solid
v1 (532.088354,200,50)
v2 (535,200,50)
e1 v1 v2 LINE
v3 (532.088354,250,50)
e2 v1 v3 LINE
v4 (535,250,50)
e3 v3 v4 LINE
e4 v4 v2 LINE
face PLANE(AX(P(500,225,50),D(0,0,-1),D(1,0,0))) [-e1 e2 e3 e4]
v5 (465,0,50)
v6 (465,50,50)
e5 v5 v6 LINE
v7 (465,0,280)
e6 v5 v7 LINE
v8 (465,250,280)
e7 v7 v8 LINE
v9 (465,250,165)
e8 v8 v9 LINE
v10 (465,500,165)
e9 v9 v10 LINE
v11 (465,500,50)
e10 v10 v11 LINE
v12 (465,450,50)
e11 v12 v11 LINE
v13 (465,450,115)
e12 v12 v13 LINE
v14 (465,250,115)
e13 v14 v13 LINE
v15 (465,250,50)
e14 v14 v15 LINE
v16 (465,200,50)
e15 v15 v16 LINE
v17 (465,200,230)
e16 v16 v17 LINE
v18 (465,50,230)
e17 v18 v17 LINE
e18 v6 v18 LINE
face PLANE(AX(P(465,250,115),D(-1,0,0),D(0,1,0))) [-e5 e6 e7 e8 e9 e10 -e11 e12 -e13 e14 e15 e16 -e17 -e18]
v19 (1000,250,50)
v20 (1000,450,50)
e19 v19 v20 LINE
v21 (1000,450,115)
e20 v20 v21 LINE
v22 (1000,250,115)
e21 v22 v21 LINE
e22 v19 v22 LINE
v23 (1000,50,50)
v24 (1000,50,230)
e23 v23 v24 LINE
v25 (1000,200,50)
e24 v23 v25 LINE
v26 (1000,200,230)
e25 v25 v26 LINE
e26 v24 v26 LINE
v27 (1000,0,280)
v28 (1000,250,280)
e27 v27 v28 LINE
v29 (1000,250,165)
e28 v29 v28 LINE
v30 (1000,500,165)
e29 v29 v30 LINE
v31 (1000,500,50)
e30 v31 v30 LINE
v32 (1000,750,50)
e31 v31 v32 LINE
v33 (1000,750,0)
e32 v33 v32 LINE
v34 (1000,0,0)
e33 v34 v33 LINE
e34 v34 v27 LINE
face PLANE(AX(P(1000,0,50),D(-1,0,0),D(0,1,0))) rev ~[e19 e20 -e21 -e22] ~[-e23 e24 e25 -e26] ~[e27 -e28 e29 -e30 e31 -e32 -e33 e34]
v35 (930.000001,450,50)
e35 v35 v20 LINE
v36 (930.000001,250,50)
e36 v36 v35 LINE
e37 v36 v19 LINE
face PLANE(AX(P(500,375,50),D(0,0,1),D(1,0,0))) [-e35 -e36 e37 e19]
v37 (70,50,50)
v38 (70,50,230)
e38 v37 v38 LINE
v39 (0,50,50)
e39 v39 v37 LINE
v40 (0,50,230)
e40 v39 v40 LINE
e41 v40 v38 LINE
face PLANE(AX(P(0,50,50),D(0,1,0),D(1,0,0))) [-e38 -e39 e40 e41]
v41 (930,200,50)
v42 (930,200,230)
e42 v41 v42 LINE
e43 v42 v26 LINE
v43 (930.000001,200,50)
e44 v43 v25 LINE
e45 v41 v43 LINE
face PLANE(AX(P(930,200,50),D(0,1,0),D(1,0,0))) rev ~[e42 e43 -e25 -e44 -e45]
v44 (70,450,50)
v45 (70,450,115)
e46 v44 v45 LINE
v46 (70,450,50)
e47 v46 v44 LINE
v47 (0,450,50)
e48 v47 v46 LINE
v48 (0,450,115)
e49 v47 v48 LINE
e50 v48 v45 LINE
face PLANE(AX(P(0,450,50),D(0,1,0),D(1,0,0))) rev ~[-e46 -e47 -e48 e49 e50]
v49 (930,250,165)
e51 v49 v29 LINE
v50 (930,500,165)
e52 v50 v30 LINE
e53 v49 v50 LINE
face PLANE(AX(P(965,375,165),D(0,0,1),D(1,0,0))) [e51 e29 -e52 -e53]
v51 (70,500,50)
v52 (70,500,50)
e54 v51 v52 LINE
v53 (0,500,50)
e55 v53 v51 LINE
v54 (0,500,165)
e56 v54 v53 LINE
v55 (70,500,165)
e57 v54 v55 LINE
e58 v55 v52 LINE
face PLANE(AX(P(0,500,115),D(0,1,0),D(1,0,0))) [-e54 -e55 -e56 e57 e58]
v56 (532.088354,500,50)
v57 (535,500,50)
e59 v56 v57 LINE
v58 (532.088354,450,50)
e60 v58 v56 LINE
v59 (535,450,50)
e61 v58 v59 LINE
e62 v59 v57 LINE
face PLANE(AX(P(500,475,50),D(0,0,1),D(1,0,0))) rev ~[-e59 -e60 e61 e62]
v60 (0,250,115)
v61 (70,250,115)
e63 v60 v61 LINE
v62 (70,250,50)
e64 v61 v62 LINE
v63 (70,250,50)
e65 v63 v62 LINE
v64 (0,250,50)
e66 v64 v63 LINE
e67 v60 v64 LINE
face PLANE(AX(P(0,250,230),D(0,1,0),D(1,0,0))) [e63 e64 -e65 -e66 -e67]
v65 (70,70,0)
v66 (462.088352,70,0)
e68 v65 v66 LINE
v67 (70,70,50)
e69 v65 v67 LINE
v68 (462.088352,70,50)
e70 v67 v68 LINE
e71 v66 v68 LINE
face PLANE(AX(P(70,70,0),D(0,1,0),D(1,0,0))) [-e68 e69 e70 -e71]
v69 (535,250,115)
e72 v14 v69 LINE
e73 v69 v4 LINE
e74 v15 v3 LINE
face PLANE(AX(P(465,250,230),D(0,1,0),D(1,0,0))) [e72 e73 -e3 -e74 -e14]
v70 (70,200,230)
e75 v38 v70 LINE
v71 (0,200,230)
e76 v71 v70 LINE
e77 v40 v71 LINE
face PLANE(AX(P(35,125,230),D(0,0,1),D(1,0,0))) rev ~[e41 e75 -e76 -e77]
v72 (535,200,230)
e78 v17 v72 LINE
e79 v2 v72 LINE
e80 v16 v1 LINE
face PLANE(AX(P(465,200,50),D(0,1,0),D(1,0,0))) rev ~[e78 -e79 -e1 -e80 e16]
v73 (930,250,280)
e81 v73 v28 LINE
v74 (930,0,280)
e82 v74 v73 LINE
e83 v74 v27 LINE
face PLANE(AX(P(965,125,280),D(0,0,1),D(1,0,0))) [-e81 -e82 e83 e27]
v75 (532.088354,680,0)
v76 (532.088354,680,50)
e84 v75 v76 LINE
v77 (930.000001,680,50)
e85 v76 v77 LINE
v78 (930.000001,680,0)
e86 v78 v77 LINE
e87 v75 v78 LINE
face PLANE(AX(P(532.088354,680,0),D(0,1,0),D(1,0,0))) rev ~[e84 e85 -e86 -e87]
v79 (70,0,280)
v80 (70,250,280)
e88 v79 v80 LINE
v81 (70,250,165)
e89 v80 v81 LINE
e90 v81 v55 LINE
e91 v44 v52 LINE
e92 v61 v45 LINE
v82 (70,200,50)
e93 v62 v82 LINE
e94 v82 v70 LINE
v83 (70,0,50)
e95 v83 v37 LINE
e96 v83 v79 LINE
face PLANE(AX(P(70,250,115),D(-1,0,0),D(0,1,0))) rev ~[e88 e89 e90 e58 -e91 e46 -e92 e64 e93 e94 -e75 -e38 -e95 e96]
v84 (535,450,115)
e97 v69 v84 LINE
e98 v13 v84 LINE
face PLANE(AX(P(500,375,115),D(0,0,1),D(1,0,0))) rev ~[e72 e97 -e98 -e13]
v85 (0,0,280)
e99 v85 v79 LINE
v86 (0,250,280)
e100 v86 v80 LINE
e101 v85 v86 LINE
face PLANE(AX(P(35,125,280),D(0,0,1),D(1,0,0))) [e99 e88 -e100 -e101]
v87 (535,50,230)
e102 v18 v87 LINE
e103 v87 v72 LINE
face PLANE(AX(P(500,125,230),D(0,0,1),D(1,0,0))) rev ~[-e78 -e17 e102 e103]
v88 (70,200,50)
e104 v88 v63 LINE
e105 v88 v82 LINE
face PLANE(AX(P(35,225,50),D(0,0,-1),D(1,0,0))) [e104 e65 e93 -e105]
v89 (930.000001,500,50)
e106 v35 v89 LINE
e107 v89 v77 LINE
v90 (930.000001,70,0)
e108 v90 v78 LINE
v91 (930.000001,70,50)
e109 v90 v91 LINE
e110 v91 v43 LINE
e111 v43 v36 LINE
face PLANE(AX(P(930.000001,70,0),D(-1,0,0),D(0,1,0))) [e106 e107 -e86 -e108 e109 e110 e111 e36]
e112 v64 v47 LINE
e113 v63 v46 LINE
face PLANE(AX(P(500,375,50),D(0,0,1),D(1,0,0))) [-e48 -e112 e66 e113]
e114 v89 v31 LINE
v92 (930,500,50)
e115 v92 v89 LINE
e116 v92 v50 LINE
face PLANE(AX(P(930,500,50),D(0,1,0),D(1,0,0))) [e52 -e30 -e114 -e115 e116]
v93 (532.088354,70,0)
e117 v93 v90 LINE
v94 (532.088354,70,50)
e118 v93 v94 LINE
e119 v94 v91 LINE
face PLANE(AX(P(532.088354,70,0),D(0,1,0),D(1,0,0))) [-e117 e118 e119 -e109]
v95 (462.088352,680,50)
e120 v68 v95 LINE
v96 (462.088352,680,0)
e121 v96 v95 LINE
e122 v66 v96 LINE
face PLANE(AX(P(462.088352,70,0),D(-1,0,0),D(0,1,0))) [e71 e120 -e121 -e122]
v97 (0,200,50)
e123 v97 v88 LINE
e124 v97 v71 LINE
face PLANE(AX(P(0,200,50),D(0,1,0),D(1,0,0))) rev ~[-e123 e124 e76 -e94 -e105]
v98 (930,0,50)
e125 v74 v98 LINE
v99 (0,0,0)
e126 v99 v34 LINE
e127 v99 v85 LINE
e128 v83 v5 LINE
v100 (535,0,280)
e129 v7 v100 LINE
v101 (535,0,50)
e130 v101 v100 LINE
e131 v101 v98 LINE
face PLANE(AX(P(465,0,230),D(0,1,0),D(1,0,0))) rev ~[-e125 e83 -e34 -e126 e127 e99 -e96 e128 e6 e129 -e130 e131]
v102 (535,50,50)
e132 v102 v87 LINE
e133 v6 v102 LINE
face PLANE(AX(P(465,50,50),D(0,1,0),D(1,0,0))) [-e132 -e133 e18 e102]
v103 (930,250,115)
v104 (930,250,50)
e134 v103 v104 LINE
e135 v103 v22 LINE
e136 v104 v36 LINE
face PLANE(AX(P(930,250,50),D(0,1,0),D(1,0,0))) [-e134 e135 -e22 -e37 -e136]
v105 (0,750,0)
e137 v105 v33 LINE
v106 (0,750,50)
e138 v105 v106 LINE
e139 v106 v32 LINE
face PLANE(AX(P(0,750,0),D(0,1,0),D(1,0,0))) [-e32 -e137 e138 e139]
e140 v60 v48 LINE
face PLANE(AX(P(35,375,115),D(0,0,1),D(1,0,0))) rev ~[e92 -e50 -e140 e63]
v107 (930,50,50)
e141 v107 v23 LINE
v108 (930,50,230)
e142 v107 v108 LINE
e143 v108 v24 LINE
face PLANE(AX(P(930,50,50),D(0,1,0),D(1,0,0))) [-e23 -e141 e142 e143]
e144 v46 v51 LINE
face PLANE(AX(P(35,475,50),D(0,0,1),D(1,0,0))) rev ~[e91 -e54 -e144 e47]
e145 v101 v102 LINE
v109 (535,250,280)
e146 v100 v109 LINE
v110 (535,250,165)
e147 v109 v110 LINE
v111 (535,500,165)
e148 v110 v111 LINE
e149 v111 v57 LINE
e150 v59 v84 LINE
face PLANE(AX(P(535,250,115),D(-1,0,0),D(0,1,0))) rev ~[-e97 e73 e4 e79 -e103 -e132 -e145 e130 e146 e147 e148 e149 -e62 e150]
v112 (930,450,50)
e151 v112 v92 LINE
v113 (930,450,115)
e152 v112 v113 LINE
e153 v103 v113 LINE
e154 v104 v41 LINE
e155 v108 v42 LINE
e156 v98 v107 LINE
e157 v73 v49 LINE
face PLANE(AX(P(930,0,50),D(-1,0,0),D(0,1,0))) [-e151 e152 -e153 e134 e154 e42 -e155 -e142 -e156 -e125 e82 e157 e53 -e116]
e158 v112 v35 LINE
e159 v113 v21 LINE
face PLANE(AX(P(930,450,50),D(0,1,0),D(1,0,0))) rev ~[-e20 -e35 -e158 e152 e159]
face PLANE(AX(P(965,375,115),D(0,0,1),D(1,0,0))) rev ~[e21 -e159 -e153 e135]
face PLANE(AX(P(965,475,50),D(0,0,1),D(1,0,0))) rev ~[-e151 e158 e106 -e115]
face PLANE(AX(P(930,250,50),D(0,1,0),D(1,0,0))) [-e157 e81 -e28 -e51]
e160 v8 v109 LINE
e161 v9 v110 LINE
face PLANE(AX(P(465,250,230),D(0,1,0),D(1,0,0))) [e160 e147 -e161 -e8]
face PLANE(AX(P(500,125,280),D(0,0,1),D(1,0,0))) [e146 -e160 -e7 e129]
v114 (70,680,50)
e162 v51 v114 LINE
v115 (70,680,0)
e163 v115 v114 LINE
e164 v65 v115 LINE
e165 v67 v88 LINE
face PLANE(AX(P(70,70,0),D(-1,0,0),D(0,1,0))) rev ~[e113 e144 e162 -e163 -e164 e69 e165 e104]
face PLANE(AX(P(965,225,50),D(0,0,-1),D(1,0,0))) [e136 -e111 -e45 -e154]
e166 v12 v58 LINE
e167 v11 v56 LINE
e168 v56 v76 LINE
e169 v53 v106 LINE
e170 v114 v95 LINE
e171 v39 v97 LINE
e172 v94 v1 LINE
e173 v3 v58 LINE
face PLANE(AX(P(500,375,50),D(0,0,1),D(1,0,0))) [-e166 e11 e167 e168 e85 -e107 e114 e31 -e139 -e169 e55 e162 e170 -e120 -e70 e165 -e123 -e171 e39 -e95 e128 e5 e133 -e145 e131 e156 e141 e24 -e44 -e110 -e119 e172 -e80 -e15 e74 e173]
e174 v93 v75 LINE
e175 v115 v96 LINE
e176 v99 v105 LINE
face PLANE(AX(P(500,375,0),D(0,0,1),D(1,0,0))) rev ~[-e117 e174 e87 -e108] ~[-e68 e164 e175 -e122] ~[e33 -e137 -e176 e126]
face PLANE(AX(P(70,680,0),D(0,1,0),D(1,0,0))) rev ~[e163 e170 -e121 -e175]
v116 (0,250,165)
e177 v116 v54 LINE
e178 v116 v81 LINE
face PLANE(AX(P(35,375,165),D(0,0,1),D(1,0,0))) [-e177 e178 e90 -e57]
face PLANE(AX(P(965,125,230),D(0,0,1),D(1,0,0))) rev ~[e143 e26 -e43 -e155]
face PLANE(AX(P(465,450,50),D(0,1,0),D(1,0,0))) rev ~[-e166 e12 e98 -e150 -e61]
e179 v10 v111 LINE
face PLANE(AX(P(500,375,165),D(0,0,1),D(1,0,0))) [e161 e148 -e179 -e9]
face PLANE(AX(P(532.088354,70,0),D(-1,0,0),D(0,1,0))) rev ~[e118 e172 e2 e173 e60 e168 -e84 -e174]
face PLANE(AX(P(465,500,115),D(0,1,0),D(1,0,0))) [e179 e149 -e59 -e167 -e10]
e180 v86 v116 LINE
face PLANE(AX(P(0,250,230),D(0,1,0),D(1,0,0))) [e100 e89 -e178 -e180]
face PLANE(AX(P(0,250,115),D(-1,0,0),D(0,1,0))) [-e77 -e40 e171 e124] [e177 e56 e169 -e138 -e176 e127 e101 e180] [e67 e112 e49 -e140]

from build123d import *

# Parameters (mm, degrees)
SKETCH_W                   = 1000
SKETCH_H                   = 750
SKETCH_W_2                 = 392.088353
SKETCH_H_2                 = 610
SKETCH_W_3                 = 397.911647
PAD_DEPTH                  = 50
SKETCH001_W                = 70
SKETCH001_H                = 50
PAD001_DEPTH               = 180
SKETCH001_MIRRORED001_2_W  = 70
SKETCH001_MIRRORED001_2_H  = 50
PAD001_MIRRORED001_2_DEPTH = 180
LINEARPATTERN_COUNT        = 3
LINEARPATTERN_PITCH        = 465
SKETCH002_W                = 70
SKETCH002_H                = 50
PAD002_DEPTH               = 65
SKETCH003_W                = 70
SKETCH003_H                = 250
PAD003_DEPTH               = 50
LINEARPATTERN001_COUNT     = 3
LINEARPATTERN001_PITCH     = 465
LINEARPATTERN002_COUNT     = 3
LINEARPATTERN002_PITCH     = 465
SKETCH004_W                = 70
SKETCH004_H                = 250
PAD004_DEPTH               = 50
LINEARPATTERN003_COUNT     = 3
LINEARPATTERN003_PITCH     = 465


with BuildPart() as part:
    # Sketch → Pad (new body)
    with BuildSketch(Plane.XY):
        with Locations((500, 375)):
            Rectangle(SKETCH_W, SKETCH_H)
        with Locations((266.044176, 375)):
            Rectangle(SKETCH_W_2, SKETCH_H_2, mode=Mode.SUBTRACT)
        with Locations((731.044177, 375)):
            Rectangle(SKETCH_W_3, SKETCH_H_2, mode=Mode.SUBTRACT)
    extrude(amount=PAD_DEPTH)

    # Sketch001 → Pad001 (join)
    with BuildSketch(Plane.XY.offset(50)):
        with Locations((35, 25)):
            Rectangle(SKETCH001_W, SKETCH001_H)
    pad001 = extrude(amount=PAD001_DEPTH)

    # Sketch001 Mirrored001 2 → Pad001 Mirrored001 2 (add)
    with BuildSketch(Plane(origin=(0, 250, 50), x_dir=(1, 0, 0), z_dir=(0, 0, -1))):
        with Locations((35, 25)):
            Rectangle(SKETCH001_MIRRORED001_2_W, SKETCH001_MIRRORED001_2_H)
    pad001_mirrored001_2 = extrude(amount=-PAD001_MIRRORED001_2_DEPTH)

    # LinearPattern: Pad001, Pad001 Mirrored001 2 ×3
    with Locations(*[(i * LINEARPATTERN_PITCH, 0, 0) for i in range(1, LINEARPATTERN_COUNT)]):
        add(pad001)
        add(pad001_mirrored001_2)

    # Sketch002 → Pad002 (join)
    with BuildSketch(Plane.XY.offset(50)):
        with Locations((35, 475)):
            Rectangle(SKETCH002_W, SKETCH002_H)
    pad002 = extrude(amount=PAD002_DEPTH)

    # Sketch003 (on DatumPlane) → Pad003 (join)
    with BuildSketch(Plane.XY.offset(230)):
        with Locations((35, 125)):
            Rectangle(SKETCH003_W, SKETCH003_H)
    pad003 = extrude(amount=PAD003_DEPTH)

    # LinearPattern001: Pad002 ×3
    with Locations(*[(i * LINEARPATTERN001_PITCH, 0, 0) for i in range(1, LINEARPATTERN001_COUNT)]):
        add(pad002)

    # LinearPattern002: Pad003 ×3
    with Locations(*[(i * LINEARPATTERN002_PITCH, 0, 0) for i in range(1, LINEARPATTERN002_COUNT)]):
        add(pad003)

    # Sketch004 (on DatumPlane) → Pad004 (join)
    with BuildSketch(Plane.XY.offset(115)):
        with Locations((35, 375)):
            Rectangle(SKETCH004_W, SKETCH004_H)
    pad004 = extrude(amount=PAD004_DEPTH)

    # LinearPattern003: Pad004 ×3
    with Locations(*[(i * LINEARPATTERN003_PITCH, 0, 0) for i in range(1, LINEARPATTERN003_COUNT)]):
        add(pad004)


solid = part.part
